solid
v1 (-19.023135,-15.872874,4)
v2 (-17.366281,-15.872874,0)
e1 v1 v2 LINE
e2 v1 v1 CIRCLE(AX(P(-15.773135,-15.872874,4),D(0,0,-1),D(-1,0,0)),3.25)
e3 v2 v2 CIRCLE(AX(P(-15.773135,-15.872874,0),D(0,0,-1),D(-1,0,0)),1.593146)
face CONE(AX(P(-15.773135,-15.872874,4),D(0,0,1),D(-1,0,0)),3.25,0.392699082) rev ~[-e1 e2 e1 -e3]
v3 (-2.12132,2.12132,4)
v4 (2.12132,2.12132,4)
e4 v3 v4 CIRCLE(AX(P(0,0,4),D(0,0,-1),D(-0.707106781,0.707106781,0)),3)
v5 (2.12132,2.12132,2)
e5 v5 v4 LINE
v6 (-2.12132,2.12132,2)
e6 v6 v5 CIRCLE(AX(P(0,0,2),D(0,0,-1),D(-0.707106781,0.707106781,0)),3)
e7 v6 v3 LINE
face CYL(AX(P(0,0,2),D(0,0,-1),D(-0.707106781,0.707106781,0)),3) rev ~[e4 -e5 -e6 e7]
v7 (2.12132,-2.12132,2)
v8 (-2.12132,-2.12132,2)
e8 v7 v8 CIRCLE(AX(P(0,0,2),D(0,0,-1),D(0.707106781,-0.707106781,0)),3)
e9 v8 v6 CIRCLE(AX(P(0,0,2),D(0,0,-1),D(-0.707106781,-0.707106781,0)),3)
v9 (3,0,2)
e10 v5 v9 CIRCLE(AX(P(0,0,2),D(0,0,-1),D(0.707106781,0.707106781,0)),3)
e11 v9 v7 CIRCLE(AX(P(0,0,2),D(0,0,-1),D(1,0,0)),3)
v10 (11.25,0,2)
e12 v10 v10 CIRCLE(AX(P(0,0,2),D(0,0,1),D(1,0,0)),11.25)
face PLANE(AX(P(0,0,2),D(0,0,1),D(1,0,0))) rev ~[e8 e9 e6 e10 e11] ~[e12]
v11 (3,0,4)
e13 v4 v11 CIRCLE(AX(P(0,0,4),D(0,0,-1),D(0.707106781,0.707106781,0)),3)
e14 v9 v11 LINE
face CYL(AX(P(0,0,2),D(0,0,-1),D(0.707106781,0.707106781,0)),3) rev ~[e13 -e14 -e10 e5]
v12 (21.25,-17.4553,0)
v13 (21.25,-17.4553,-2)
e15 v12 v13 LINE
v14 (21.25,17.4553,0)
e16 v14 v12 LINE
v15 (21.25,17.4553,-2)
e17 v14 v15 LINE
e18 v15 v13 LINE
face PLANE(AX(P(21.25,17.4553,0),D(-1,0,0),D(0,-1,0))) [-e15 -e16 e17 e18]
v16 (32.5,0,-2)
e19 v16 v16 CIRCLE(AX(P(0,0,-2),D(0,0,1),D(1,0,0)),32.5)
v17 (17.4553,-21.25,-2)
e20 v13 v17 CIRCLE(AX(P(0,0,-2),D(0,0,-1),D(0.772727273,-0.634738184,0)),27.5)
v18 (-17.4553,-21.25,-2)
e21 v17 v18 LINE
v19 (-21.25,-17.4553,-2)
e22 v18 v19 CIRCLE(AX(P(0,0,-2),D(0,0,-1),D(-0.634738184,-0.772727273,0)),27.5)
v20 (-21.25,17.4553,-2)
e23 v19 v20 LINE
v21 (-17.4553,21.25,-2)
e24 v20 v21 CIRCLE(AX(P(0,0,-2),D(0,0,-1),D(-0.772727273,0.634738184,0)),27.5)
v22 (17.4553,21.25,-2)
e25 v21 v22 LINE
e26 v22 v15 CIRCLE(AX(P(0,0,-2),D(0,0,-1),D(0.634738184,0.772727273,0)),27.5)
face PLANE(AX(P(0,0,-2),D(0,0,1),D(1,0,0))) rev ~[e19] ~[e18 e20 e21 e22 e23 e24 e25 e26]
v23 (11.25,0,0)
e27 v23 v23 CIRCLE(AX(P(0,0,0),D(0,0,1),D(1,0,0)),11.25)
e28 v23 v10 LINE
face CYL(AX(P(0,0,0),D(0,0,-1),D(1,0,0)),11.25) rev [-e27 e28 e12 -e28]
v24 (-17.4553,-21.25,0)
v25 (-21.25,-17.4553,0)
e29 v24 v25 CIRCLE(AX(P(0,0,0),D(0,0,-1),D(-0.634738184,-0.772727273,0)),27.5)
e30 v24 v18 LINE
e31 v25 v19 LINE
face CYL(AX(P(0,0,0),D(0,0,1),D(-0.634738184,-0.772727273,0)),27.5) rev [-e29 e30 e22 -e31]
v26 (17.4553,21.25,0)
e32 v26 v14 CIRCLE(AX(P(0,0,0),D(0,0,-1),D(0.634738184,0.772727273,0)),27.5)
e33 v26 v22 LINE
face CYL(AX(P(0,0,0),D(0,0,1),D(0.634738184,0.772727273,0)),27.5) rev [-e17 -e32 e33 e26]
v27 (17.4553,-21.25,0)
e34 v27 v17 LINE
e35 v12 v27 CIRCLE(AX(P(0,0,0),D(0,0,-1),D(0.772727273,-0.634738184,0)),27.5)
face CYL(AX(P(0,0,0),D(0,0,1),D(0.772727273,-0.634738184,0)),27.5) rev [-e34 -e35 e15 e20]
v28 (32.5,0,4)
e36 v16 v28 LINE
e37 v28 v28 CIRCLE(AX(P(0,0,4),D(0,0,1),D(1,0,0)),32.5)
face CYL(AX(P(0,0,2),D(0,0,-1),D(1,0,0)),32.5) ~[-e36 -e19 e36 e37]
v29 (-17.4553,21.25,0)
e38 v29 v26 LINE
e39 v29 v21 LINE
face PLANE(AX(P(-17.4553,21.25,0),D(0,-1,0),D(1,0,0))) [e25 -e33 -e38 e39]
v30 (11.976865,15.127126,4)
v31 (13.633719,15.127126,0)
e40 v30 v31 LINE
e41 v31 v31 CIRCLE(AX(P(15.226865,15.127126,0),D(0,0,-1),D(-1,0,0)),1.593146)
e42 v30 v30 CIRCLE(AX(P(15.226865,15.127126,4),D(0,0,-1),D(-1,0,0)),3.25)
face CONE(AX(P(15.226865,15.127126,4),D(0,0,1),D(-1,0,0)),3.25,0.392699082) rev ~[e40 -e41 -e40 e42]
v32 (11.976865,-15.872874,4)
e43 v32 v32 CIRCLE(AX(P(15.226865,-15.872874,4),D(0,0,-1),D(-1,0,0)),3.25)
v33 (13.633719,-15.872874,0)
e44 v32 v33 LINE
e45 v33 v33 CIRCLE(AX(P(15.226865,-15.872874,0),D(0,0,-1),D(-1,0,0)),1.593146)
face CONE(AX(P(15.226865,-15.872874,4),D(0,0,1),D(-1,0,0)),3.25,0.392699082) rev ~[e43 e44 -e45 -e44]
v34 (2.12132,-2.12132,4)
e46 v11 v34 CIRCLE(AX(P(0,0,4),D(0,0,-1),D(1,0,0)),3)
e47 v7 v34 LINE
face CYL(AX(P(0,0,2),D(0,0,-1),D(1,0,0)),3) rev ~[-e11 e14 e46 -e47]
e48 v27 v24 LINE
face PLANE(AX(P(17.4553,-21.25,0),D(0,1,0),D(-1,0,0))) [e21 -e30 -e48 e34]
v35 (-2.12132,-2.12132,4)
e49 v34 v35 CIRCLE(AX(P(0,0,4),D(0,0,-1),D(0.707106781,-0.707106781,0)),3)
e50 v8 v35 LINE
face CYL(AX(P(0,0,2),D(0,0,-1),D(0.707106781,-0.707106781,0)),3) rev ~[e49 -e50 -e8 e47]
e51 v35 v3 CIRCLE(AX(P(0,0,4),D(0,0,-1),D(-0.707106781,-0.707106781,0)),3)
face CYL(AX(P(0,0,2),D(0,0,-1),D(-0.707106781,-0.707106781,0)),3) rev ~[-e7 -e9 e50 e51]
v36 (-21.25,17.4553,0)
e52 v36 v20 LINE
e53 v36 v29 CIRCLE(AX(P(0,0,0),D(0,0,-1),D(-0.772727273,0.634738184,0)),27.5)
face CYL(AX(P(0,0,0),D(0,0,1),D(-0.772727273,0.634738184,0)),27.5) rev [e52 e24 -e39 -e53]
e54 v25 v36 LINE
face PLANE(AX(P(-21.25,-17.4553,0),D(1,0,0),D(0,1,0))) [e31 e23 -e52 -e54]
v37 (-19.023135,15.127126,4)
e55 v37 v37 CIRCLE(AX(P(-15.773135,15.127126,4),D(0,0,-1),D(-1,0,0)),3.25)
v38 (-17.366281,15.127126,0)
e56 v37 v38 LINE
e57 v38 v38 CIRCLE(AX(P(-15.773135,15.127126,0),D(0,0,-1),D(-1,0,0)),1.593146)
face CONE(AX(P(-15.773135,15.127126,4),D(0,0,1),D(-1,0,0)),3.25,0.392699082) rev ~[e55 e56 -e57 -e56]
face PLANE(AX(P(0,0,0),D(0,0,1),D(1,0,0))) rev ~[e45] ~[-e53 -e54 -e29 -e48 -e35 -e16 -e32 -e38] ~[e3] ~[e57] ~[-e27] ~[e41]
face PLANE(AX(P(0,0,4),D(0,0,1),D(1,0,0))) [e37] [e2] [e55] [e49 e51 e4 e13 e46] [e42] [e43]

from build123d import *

# Parameters (mm, degrees)
F0_R           = 32.5
F0_R_2         = 11.25
F1_DEPTH       = 2
F2_DEPTH       = 2
F3_R           = 32.5
F4_DEPTH       = 2
F6_D           = 3
F6_DEPTH       = 12
F6_CSINK_D     = 6.5
F6_CSINK_ANGLE = 45
F6_TIP         = 0.9012909285


with BuildPart() as f1:
    # F0 (on Top) → F1 (new body)
    with BuildSketch(Plane.XY):
        Circle(F0_R)
        with BuildLine():
            Line((-21.25, 17.4553000547), (-21.25, 21.25))
            Line((-21.25, 21.25), (-17.4553000547, 21.25))
            ThreePointArc((-17.4553000547, 21.25), (0, 27.5), (17.4553000547, 21.25))
            Line((17.4553000547, 21.25), (21.25, 21.25))
            Line((21.25, 21.25), (21.25, 17.4553000547))
            ThreePointArc((21.25, 17.4553000547), (25.8903939715, 9.2702481089), (27.5, 0))
            ThreePointArc((27.5, 0), (25.8903939715, -9.2702481089), (21.25, -17.4553000547))
            Line((21.25, -17.4553000547), (21.25, -21.25))
            Line((21.25, -21.25), (17.4553000547, -21.25))
            ThreePointArc((17.4553000547, -21.25), (0, -27.5), (-17.4553000547, -21.25))
            Line((-17.4553000547, -21.25), (-21.25, -21.25))
            Line((-21.25, -21.25), (-21.25, -17.4553000547))
            ThreePointArc((-21.25, -17.4553000547), (-27.5, 0), (-21.25, 17.4553000547))
        make_face(mode=Mode.SUBTRACT)
        with BuildLine():
            Line((-17.4553000547, 21.25), (-21.25, 21.25))
            Line((-21.25, 21.25), (-21.25, 17.4553000547))
            ThreePointArc((-21.25, 17.4553000547), (-19.4454364826, 19.4454364826), (-17.4553000547, 21.25))
        make_face()
        with BuildLine():
            Line((21.25, 21.25), (17.4553000547, 21.25))
            ThreePointArc((17.4553000547, 21.25), (19.4454364826, 19.4454364826), (21.25, 17.4553000547))
            Line((21.25, 17.4553000547), (21.25, 21.25))
        make_face()
        with BuildLine():
            Line((21.25, -21.25), (21.25, -17.4553000547))
            ThreePointArc((21.25, -17.4553000547), (19.4454364826, -19.4454364826), (17.4553000547, -21.25))
            Line((17.4553000547, -21.25), (21.25, -21.25))
        make_face()
        with BuildLine():
            ThreePointArc((-17.4553000547, -21.25), (-19.4454364826, -19.4454364826), (-21.25, -17.4553000547))
            Line((-21.25, -17.4553000547), (-21.25, -21.25))
            Line((-21.25, -21.25), (-17.4553000547, -21.25))
        make_face()
        with BuildLine():
            Line((17.4553000547, -21.25), (-17.4553000547, -21.25))
            ThreePointArc((-17.4553000547, -21.25), (0, -27.5), (17.4553000547, -21.25))
        make_face()
        with BuildLine():
            ThreePointArc((27.5, 0), (25.8903939715, 9.2702481089), (21.25, 17.4553000547))
            Line((21.25, 17.4553000547), (21.25, -17.4553000547))
            ThreePointArc((21.25, -17.4553000547), (25.8903939715, -9.2702481089), (27.5, 0))
        make_face()
        with BuildLine():
            ThreePointArc((17.4553000547, 21.25), (0, 27.5), (-17.4553000547, 21.25))
            Line((-17.4553000547, 21.25), (17.4553000547, 21.25))
        make_face()
        with BuildLine():
            Line((-21.25, -17.4553000547), (-21.25, 17.4553000547))
            ThreePointArc((-21.25, 17.4553000547), (-27.5, 0), (-21.25, -17.4553000547))
        make_face()
        with BuildLine():
            Line((17.4553000547, 21.25), (-17.4553000547, 21.25))
            ThreePointArc((-17.4553000547, 21.25), (-19.4454364826, 19.4454364826), (-21.25, 17.4553000547))
            Line((-21.25, 17.4553000547), (-21.25, -17.4553000547))
            ThreePointArc((-21.25, -17.4553000547), (-19.4454364826, -19.4454364826), (-17.4553000547, -21.25))
            Line((-17.4553000547, -21.25), (17.4553000547, -21.25))
            ThreePointArc((17.4553000547, -21.25), (19.4454364826, -19.4454364826), (21.25, -17.4553000547))
            Line((21.25, -17.4553000547), (21.25, 17.4553000547))
            ThreePointArc((21.25, 17.4553000547), (19.4454364826, 19.4454364826), (17.4553000547, 21.25))
        make_face()
        Circle(F0_R_2, mode=Mode.SUBTRACT)
    extrude(amount=F1_DEPTH)

    # F0 (on Top) → F2 (join)
    with BuildSketch(Plane.XY):
        Circle(F0_R)
        with BuildLine():
            Line((-21.25, 17.4553000547), (-21.25, 21.25))
            Line((-21.25, 21.25), (-17.4553000547, 21.25))
            ThreePointArc((-17.4553000547, 21.25), (0, 27.5), (17.4553000547, 21.25))
            Line((17.4553000547, 21.25), (21.25, 21.25))
            Line((21.25, 21.25), (21.25, 17.4553000547))
            ThreePointArc((21.25, 17.4553000547), (25.8903939715, 9.2702481089), (27.5, 0))
            ThreePointArc((27.5, 0), (25.8903939715, -9.2702481089), (21.25, -17.4553000547))
            Line((21.25, -17.4553000547), (21.25, -21.25))
            Line((21.25, -21.25), (17.4553000547, -21.25))
            ThreePointArc((17.4553000547, -21.25), (0, -27.5), (-17.4553000547, -21.25))
            Line((-17.4553000547, -21.25), (-21.25, -21.25))
            Line((-21.25, -21.25), (-21.25, -17.4553000547))
            ThreePointArc((-21.25, -17.4553000547), (-27.5, 0), (-21.25, 17.4553000547))
        make_face(mode=Mode.SUBTRACT)
        with BuildLine():
            Line((-21.25, -17.4553000547), (-21.25, 17.4553000547))
            ThreePointArc((-21.25, 17.4553000547), (-27.5, 0), (-21.25, -17.4553000547))
        make_face()
        with BuildLine():
            Line((17.4553000547, -21.25), (-17.4553000547, -21.25))
            ThreePointArc((-17.4553000547, -21.25), (0, -27.5), (17.4553000547, -21.25))
        make_face()
        with BuildLine():
            ThreePointArc((27.5, 0), (25.8903939715, 9.2702481089), (21.25, 17.4553000547))
            Line((21.25, 17.4553000547), (21.25, -17.4553000547))
            ThreePointArc((21.25, -17.4553000547), (25.8903939715, -9.2702481089), (27.5, 0))
        make_face()
        with BuildLine():
            ThreePointArc((17.4553000547, 21.25), (0, 27.5), (-17.4553000547, 21.25))
            Line((-17.4553000547, 21.25), (17.4553000547, 21.25))
        make_face()
        with BuildLine():
            ThreePointArc((-17.4553000547, -21.25), (-19.4454364826, -19.4454364826), (-21.25, -17.4553000547))
            Line((-21.25, -17.4553000547), (-21.25, -21.25))
            Line((-21.25, -21.25), (-17.4553000547, -21.25))
        make_face()
        with BuildLine():
            Line((21.25, -21.25), (21.25, -17.4553000547))
            ThreePointArc((21.25, -17.4553000547), (19.4454364826, -19.4454364826), (17.4553000547, -21.25))
            Line((17.4553000547, -21.25), (21.25, -21.25))
        make_face()
        with BuildLine():
            Line((21.25, 21.25), (17.4553000547, 21.25))
            ThreePointArc((17.4553000547, 21.25), (19.4454364826, 19.4454364826), (21.25, 17.4553000547))
            Line((21.25, 17.4553000547), (21.25, 21.25))
        make_face()
        with BuildLine():
            Line((-17.4553000547, 21.25), (-21.25, 21.25))
            Line((-21.25, 21.25), (-21.25, 17.4553000547))
            ThreePointArc((-21.25, 17.4553000547), (-19.4454364826, 19.4454364826), (-17.4553000547, 21.25))
        make_face()
    extrude(amount=-F2_DEPTH)

    # F3 (on face) → F4 (join)
    with BuildSketch(Plane.XY.offset(2)):
        Circle(F3_R)
        with BuildLine():
            ThreePointArc((-7.9549512883, 7.9549512883), (0, 11.25), (7.9549512883, 7.9549512883))
            ThreePointArc((7.9549512883, 7.9549512883), (10.3936447408, 4.3051886141), (11.25, 0))
            ThreePointArc((11.25, 0), (10.3936447408, -4.3051886141), (7.9549512883, -7.9549512883))
            ThreePointArc((7.9549512883, -7.9549512883), (0, -11.25), (-7.9549512883, -7.9549512883))
            ThreePointArc((-7.9549512883, -7.9549512883), (-11.25, 0), (-7.9549512883, 7.9549512883))
        make_face(mode=Mode.SUBTRACT)
        with BuildLine():
            ThreePointArc((-2.1213203436, 2.1213203436), (0, 3), (2.1213203436, 2.1213203436))
            Line((2.1213203436, 2.1213203436), (7.9549512883, 7.9549512883))
            ThreePointArc((7.9549512883, 7.9549512883), (0, 11.25), (-7.9549512883, 7.9549512883))
            Line((-7.9549512883, 7.9549512883), (-2.1213203436, 2.1213203436))
        make_face()
        with BuildLine():
            ThreePointArc((-2.1213203436, -2.1213203436), (-3, 0), (-2.1213203436, 2.1213203436))
            Line((-2.1213203436, 2.1213203436), (-7.9549512883, 7.9549512883))
            ThreePointArc((-7.9549512883, 7.9549512883), (-11.25, 0), (-7.9549512883, -7.9549512883))
            Line((-7.9549512883, -7.9549512883), (-2.1213203436, -2.1213203436))
        make_face()
        with BuildLine():
            Line((7.9549512883, -7.9549512883), (2.1213203436, -2.1213203436))
            ThreePointArc((2.1213203436, -2.1213203436), (0, -3), (-2.1213203436, -2.1213203436))
            Line((-2.1213203436, -2.1213203436), (-7.9549512883, -7.9549512883))
            ThreePointArc((-7.9549512883, -7.9549512883), (0, -11.25), (7.9549512883, -7.9549512883))
        make_face()
        with BuildLine():
            ThreePointArc((2.1213203436, 2.1213203436), (2.7716385975, 1.1480502971), (3, 0))
            ThreePointArc((3, 0), (2.7716385975, -1.1480502971), (2.1213203436, -2.1213203436))
            Line((2.1213203436, -2.1213203436), (7.9549512883, -7.9549512883))
            ThreePointArc((7.9549512883, -7.9549512883), (10.3936447408, -4.3051886141), (11.25, 0))
            ThreePointArc((11.25, 0), (10.3936447408, 4.3051886141), (7.9549512883, 7.9549512883))
            Line((7.9549512883, 7.9549512883), (2.1213203436, 2.1213203436))
        make_face()
    extrude(amount=F4_DEPTH)

    # F6
    with Locations(Plane.XY.offset(4)):
        with Locations((-15.7731351997, 15.1271263808), (-15.7731351997, -15.8728736192), (15.2268648003, -15.8728736192), (15.2268648003, 15.1271263808)):
            CounterSinkHole(F6_D / 2, F6_CSINK_D / 2, depth=F6_DEPTH, counter_sink_angle=F6_CSINK_ANGLE)
            with Locations((0, 0, -(F6_DEPTH + F6_TIP / 2))):  # 118° drill point
                Cone(0, F6_D / 2, F6_TIP, mode=Mode.SUBTRACT)


solid = f1.part
